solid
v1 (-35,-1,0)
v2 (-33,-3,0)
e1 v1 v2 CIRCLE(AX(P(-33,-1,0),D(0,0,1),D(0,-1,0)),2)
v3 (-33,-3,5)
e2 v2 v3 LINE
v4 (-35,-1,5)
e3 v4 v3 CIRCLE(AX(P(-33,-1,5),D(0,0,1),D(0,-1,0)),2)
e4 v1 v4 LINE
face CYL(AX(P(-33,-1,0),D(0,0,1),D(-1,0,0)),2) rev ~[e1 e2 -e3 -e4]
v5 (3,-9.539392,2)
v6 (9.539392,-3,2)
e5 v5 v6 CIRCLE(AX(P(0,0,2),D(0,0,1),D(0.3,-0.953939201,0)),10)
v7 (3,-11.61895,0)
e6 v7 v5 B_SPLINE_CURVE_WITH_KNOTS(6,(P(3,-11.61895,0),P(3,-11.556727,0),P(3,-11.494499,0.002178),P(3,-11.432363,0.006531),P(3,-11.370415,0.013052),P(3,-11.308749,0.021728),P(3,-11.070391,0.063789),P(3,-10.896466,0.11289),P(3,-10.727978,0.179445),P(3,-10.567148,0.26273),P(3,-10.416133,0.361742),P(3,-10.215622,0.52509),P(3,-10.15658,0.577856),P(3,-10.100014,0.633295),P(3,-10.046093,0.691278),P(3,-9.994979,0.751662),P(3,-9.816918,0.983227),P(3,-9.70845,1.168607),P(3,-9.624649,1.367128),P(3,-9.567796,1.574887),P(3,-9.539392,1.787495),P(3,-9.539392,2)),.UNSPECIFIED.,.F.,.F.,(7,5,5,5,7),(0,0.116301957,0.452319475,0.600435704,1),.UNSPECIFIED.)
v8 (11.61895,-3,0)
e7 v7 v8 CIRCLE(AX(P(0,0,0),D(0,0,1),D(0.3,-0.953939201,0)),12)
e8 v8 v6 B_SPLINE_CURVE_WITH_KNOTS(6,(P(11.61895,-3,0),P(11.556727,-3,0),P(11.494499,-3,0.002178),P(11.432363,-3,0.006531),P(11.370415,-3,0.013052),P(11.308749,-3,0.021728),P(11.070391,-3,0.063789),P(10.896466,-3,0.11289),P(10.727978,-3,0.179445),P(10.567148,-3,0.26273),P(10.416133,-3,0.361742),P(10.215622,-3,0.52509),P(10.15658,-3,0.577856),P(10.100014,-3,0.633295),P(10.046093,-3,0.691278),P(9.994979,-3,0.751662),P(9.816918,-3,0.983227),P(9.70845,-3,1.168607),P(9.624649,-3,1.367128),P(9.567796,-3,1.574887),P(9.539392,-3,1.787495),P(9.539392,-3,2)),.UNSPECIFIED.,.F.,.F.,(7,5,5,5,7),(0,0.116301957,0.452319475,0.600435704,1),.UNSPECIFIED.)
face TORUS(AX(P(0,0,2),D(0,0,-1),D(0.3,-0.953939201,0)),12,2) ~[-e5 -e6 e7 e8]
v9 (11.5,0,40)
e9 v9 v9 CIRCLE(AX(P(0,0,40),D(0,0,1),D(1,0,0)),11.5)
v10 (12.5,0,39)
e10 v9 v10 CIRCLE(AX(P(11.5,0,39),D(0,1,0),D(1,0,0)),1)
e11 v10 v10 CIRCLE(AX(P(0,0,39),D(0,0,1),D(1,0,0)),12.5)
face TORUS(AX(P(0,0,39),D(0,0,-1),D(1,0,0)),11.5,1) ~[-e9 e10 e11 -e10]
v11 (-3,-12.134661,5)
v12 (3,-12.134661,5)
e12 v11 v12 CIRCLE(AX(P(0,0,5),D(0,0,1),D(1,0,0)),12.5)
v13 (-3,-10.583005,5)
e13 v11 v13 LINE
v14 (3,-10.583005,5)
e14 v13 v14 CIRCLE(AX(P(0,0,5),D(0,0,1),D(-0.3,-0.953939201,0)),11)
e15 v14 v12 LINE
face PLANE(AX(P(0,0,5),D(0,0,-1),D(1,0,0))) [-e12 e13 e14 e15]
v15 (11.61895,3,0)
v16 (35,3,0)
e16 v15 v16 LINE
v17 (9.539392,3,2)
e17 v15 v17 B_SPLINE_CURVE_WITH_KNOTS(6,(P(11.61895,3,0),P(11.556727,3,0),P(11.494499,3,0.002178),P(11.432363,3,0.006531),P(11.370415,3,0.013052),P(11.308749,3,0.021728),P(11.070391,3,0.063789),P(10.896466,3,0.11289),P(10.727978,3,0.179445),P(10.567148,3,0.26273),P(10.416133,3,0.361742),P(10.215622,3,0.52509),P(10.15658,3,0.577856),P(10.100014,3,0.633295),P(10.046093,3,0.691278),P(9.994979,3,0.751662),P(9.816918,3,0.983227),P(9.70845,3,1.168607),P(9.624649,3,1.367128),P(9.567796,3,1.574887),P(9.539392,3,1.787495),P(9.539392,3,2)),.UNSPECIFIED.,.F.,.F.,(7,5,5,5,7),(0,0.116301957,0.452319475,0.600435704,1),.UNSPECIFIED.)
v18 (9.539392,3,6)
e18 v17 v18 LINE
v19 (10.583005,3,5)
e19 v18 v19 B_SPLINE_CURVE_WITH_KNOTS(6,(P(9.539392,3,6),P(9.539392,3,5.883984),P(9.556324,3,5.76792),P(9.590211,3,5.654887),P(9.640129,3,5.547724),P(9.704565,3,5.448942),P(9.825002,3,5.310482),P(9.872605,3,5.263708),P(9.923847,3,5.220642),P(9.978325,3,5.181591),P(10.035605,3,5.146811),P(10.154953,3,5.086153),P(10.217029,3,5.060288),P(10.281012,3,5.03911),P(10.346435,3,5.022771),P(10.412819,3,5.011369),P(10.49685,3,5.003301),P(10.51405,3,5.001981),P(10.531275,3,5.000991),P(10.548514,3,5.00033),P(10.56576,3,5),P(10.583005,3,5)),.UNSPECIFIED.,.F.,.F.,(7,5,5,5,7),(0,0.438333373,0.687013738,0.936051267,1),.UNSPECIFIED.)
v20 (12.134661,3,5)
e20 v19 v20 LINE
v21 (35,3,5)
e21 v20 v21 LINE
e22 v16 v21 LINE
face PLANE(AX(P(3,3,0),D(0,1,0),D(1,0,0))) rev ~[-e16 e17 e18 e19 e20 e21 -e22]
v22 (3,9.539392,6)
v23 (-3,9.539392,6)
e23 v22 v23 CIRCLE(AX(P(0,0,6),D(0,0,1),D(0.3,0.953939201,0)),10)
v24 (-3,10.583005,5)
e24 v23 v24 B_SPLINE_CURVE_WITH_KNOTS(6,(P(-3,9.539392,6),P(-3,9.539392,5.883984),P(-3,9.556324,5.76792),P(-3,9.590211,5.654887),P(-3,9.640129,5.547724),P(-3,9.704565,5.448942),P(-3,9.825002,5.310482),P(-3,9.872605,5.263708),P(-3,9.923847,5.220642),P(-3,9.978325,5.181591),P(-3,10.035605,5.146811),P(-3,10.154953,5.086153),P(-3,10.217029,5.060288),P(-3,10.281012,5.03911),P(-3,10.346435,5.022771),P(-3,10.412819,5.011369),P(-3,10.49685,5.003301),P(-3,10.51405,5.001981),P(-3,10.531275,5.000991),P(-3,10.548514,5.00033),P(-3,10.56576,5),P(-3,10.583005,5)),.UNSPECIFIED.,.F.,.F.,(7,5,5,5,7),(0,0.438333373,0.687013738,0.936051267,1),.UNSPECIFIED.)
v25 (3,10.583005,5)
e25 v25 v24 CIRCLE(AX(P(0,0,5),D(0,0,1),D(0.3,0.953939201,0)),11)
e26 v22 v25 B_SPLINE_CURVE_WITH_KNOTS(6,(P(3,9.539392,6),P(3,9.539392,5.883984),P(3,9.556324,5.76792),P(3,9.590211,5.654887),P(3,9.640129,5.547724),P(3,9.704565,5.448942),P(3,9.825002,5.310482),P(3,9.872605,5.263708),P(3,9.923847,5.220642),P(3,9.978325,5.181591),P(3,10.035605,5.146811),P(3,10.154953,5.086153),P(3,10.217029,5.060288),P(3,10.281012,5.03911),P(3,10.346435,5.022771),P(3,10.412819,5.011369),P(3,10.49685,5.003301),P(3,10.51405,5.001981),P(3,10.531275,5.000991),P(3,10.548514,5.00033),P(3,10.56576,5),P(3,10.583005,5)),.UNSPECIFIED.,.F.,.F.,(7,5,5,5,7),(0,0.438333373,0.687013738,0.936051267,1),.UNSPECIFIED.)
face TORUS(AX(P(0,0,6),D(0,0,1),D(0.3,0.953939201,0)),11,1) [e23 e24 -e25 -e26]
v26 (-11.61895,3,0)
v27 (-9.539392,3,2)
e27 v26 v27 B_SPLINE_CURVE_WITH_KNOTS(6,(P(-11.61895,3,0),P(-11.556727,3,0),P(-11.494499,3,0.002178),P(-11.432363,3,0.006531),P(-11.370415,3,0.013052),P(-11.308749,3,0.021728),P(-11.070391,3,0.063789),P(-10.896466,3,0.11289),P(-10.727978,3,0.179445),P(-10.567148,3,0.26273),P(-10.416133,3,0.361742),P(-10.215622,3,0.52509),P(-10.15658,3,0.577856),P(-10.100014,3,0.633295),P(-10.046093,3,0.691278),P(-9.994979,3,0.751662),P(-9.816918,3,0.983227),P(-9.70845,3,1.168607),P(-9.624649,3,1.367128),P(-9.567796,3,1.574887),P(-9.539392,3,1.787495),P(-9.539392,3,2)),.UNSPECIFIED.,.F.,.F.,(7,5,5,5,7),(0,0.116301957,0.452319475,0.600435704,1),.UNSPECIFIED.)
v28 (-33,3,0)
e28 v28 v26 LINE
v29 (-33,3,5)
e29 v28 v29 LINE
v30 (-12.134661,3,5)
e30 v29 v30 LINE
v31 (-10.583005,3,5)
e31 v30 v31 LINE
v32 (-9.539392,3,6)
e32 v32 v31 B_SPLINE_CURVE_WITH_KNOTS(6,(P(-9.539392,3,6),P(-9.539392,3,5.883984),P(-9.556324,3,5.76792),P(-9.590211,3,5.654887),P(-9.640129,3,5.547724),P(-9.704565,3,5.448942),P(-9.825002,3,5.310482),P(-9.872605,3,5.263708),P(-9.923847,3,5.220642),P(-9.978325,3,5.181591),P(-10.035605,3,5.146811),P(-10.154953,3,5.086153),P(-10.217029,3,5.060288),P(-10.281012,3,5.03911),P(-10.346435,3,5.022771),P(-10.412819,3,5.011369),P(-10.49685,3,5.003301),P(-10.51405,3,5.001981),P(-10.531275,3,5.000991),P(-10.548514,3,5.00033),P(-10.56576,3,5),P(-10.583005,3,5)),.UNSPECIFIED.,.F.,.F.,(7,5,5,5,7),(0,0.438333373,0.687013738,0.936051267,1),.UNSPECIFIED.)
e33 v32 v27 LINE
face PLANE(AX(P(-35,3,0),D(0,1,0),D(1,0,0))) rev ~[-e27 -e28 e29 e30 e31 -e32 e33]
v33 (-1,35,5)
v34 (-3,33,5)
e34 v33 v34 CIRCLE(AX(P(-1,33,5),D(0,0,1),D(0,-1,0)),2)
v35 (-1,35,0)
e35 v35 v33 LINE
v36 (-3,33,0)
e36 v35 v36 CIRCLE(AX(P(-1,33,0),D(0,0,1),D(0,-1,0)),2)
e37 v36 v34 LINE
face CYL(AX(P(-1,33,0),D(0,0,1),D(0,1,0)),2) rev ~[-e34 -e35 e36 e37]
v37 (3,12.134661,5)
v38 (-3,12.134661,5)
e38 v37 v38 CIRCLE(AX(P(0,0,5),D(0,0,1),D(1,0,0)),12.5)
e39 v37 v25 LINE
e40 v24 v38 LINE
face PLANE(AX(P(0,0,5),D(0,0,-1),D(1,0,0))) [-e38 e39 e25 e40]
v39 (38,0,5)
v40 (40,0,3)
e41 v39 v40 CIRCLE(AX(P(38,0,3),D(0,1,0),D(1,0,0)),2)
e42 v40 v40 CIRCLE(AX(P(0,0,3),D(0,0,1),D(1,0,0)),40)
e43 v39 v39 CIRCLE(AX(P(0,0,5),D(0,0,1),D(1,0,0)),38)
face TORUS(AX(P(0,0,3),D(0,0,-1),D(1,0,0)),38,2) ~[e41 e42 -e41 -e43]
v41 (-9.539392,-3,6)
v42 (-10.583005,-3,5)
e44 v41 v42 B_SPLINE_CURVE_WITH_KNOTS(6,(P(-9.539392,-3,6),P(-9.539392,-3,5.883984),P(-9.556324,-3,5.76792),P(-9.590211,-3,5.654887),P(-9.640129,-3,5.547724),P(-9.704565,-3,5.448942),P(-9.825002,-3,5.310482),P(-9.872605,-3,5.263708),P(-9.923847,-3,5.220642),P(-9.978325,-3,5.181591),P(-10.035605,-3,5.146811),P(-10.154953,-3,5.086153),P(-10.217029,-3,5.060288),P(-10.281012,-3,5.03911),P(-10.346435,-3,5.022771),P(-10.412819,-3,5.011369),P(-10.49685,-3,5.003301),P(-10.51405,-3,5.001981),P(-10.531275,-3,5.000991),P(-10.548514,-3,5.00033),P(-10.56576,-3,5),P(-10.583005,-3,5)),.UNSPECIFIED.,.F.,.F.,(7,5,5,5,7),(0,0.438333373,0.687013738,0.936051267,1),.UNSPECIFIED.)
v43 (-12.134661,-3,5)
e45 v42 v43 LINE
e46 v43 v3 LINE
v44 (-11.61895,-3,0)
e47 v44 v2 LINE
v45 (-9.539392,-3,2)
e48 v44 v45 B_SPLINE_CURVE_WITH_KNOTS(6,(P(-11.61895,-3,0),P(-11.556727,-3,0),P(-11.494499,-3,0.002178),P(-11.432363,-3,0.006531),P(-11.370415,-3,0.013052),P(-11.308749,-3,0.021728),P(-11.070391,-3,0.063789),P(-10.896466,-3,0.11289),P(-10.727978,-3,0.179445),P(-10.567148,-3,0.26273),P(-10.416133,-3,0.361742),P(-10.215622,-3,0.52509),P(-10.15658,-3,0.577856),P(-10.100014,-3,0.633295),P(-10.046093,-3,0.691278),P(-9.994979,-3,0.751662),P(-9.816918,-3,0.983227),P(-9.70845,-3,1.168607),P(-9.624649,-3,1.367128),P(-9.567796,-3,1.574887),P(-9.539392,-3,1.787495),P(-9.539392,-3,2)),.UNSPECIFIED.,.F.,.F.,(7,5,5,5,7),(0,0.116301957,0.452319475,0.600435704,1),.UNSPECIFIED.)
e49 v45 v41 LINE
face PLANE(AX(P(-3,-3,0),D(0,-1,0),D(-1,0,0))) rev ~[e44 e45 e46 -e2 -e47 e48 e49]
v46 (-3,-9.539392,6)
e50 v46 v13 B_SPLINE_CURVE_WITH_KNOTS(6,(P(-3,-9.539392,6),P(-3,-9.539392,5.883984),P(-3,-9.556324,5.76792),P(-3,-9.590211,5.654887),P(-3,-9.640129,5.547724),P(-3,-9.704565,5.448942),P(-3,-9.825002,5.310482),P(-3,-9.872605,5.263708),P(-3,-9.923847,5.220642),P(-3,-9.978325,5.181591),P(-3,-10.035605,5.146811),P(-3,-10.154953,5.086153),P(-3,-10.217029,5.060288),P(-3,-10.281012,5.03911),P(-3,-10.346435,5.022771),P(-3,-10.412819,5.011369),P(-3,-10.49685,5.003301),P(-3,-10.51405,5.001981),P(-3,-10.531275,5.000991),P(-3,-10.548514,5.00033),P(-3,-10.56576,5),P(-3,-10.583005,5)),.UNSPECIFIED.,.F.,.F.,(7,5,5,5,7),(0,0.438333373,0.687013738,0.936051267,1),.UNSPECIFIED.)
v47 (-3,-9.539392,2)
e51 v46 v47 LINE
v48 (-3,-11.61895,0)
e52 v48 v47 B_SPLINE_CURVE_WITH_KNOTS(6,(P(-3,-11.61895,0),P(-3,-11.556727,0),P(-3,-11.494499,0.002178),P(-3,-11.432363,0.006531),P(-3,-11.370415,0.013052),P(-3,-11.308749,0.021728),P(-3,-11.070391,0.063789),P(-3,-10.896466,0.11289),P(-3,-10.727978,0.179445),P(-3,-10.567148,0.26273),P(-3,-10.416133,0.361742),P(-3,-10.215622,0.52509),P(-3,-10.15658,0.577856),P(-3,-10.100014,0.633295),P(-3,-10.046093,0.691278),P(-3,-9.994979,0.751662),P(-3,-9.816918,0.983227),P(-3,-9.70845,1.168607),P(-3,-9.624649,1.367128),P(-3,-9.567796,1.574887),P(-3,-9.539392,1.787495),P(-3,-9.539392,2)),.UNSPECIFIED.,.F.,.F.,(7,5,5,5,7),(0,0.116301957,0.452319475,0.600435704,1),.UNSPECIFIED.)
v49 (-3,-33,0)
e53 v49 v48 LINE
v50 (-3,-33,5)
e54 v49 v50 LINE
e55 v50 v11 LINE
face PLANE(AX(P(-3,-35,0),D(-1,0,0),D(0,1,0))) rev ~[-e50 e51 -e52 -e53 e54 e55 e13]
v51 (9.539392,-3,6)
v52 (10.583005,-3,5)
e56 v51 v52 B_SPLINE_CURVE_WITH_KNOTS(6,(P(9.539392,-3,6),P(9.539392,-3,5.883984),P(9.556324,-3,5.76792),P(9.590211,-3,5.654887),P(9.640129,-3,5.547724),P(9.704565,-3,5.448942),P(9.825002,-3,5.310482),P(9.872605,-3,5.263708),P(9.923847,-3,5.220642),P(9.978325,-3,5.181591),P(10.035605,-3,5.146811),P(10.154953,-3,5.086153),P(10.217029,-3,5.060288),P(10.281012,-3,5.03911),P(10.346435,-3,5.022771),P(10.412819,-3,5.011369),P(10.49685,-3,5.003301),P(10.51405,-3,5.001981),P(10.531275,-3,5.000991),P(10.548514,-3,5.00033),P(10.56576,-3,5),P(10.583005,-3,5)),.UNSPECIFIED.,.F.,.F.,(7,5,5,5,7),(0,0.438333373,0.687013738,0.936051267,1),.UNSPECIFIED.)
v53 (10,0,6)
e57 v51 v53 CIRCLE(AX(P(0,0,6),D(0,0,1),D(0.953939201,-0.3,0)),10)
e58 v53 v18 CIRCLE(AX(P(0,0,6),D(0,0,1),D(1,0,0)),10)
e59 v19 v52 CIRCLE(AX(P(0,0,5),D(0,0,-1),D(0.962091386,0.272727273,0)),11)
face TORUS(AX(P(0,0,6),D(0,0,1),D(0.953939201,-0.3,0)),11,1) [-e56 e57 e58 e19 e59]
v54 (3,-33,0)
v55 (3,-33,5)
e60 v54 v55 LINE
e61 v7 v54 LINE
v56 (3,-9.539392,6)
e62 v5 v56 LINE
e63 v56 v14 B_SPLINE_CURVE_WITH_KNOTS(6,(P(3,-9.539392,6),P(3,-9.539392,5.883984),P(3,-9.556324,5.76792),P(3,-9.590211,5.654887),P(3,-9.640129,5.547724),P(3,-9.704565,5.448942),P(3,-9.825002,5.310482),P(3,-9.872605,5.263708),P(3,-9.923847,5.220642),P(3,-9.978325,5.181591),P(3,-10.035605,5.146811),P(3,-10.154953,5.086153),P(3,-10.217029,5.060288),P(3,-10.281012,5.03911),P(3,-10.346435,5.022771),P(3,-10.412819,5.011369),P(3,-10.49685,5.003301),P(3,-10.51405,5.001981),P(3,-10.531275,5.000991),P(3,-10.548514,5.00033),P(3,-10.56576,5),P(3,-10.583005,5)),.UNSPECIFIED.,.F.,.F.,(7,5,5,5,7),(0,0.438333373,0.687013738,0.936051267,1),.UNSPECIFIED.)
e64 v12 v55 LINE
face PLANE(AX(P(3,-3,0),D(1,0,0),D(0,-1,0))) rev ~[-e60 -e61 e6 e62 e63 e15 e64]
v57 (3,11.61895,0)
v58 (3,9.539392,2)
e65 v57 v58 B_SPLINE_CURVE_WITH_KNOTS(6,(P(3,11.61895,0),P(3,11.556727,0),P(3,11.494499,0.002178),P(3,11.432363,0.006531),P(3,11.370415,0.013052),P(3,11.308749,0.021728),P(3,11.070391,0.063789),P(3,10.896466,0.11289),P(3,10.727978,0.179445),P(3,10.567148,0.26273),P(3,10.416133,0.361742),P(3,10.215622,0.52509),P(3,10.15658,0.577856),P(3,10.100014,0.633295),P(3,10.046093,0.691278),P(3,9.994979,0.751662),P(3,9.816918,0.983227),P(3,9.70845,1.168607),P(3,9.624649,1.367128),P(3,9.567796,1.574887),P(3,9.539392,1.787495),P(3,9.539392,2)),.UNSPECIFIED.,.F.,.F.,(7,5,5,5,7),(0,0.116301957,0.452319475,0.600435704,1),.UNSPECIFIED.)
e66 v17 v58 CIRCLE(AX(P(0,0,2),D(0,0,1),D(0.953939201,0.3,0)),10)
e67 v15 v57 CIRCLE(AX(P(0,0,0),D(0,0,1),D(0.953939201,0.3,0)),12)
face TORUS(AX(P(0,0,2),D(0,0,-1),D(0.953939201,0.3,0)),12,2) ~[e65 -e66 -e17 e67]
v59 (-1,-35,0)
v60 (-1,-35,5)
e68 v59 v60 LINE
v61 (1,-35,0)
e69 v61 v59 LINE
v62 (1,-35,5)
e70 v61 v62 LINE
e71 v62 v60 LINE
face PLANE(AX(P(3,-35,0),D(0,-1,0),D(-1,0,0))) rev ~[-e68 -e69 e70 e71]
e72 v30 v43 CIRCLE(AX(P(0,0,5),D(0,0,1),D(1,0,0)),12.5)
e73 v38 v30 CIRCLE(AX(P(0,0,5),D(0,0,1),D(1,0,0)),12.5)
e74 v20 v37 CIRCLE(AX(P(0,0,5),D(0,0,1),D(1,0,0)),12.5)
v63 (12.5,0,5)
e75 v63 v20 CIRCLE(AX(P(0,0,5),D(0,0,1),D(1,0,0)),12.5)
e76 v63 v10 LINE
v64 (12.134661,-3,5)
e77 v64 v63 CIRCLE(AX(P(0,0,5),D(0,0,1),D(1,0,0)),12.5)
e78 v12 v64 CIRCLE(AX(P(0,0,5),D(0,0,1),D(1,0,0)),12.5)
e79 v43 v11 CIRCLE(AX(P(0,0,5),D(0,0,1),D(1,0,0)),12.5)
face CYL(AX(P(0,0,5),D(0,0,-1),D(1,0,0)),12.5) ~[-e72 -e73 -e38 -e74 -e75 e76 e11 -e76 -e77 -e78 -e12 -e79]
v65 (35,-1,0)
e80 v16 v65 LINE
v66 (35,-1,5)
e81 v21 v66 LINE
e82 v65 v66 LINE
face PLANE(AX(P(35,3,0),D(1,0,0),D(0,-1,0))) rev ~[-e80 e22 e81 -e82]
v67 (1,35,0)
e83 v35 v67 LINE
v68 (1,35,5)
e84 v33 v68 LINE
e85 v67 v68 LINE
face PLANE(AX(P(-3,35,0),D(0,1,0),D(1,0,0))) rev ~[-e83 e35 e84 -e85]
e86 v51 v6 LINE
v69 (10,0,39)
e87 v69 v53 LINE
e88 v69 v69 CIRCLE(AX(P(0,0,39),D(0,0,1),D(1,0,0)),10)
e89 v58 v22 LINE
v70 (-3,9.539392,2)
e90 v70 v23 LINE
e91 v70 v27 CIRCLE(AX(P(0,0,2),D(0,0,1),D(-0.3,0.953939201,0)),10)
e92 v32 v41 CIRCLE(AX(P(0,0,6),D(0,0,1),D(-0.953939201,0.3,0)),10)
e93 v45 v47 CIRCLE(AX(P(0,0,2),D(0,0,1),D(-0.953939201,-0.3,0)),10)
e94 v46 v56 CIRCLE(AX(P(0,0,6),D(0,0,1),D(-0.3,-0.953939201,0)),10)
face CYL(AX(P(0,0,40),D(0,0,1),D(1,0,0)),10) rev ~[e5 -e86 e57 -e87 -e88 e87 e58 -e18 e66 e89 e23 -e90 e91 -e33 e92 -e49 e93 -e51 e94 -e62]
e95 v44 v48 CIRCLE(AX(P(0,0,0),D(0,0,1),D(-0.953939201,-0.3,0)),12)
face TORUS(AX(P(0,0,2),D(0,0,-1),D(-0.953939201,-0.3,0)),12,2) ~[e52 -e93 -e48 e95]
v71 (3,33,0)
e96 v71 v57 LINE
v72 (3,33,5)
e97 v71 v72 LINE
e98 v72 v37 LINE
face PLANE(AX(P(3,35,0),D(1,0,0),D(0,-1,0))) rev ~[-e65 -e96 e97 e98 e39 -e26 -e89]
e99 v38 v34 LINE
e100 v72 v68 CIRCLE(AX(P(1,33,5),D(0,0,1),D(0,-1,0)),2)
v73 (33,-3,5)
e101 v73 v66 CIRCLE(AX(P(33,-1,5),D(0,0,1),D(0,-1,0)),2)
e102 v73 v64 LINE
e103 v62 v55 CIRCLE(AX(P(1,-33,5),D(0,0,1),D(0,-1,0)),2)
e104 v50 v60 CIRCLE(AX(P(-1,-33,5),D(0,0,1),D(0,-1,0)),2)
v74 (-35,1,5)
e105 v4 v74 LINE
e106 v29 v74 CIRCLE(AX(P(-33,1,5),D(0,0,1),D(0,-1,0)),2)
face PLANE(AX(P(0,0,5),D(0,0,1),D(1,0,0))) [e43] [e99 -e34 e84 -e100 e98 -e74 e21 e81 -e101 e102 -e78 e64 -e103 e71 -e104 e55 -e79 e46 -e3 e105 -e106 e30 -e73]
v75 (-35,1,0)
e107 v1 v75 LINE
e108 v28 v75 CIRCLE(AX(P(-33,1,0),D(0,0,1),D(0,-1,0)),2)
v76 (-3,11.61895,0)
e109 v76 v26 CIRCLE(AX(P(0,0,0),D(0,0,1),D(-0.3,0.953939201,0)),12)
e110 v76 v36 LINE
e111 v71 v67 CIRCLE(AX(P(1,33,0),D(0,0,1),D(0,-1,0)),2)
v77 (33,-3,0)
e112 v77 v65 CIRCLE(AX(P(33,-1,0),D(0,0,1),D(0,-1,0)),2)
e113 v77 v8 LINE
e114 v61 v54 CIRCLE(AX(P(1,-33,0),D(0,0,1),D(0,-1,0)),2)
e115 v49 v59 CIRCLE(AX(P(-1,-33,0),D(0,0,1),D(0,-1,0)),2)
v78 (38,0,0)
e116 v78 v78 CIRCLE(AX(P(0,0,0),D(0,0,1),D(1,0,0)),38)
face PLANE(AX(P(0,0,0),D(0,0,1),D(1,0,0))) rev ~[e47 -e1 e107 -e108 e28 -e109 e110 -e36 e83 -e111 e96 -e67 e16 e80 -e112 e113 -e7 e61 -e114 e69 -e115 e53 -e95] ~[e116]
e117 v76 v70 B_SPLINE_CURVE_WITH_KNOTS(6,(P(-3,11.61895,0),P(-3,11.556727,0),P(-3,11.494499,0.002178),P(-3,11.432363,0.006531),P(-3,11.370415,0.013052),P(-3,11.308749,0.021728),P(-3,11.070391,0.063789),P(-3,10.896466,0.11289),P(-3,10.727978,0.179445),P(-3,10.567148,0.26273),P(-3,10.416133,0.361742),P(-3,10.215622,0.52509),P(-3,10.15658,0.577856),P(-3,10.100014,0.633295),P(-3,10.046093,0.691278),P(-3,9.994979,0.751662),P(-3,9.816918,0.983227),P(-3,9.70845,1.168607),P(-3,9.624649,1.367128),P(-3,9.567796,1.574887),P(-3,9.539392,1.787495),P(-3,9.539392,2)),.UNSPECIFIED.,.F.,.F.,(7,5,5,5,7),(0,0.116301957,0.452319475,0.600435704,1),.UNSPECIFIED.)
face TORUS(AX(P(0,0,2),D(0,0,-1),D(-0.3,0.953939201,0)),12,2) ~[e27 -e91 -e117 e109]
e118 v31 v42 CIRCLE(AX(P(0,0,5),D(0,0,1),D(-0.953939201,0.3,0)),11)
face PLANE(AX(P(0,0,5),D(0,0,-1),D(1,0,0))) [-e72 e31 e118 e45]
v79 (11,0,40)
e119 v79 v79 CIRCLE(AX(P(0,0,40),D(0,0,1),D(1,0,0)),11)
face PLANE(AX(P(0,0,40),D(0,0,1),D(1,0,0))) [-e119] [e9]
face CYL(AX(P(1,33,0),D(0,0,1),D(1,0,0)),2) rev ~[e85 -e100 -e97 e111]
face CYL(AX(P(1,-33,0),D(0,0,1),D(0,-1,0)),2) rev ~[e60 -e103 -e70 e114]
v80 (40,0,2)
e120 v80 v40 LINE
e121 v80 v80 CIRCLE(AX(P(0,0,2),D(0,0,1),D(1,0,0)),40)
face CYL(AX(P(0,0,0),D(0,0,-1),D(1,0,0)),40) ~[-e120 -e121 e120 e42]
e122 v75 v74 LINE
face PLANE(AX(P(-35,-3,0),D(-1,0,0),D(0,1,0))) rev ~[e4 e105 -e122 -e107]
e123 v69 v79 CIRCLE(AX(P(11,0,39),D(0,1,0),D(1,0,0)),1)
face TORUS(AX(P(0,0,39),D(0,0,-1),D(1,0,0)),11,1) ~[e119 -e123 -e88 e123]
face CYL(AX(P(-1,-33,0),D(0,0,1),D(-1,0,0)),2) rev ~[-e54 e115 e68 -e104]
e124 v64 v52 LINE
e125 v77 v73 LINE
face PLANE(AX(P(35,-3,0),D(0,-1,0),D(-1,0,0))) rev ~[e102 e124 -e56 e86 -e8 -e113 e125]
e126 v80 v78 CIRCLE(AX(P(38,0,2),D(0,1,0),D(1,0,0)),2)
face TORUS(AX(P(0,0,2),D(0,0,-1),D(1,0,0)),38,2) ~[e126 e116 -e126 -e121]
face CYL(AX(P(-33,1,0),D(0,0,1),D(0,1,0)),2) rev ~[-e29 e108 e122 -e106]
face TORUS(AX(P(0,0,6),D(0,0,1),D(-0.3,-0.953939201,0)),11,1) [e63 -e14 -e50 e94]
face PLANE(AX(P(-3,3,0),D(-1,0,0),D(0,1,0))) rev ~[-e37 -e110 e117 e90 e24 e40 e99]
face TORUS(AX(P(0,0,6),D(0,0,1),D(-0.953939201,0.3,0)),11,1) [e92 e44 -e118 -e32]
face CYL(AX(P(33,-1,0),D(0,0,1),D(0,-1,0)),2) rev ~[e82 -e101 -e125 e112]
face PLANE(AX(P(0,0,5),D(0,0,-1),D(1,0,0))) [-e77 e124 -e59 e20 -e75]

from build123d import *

# Parameters (mm, degrees)
SKETCH_R        = 40
PAD_DEPTH       = 5
SKETCH001_R     = 12.5
PAD001_DEPTH    = 35
SKETCH002_R     = 10
POCKET_DEPTH    = 40.001
POCKET001_DEPTH = 5
FILLET_R        = 2
FILLET001_R     = 2
FILLET002_R     = 1
FILLET003_R     = 2


with BuildPart() as part:
    # Sketch → Pad (new body)
    with BuildSketch(Plane.XY):
        Circle(SKETCH_R)
    extrude(amount=PAD_DEPTH)

    # Sketch001 (on Face3 of Pad) → Pad001 (join)
    with BuildSketch(Plane.XY.offset(5)):
        Circle(SKETCH001_R)
    extrude(amount=PAD001_DEPTH)

    # Sketch002 (on Face5 of Pad001) → Pocket (cut, through all)
    with BuildSketch(Plane.XY.offset(40)):
        Circle(SKETCH002_R)
    extrude(amount=-POCKET_DEPTH, mode=Mode.SUBTRACT)

    # Sketch003 (on Face2 of Pocket) → Pocket001 (cut)
    with BuildSketch(Plane(origin=(0, 0, 0), x_dir=(1, 0, 0), z_dir=(0, 0, -1))):
        Polygon((-3, 35), (-3, 3), (-35, 3), (-35, -3), (-3, -3), (-3, -35), (3, -35), (3, -3), (35, -3), (35, 3), (3, 3), (3, 35), align=None)
    extrude(amount=-POCKET001_DEPTH, mode=Mode.SUBTRACT)

    # Fillet
    fillet_edges = [part.edges().sort_by_distance(p)[0] for p in [
        (-3, -35, 2.5),
        (3, -35, 2.5),
        (35, -3, 2.5),
        (-35, -3, 2.5),
        (-35, 3, 2.5),
        (-3, 35, 2.5),
        (3, 35, 2.5),
    ]]
    fillet(fillet_edges, radius=FILLET_R)

    # Fillet001
    fillet001_edges = [part.edges().sort_by_distance(p)[0] for p in [
        (7.071068, -7.071068, 0),
        (7.071068, 7.071068, 0),
        (-7.071068, 7.071068, 0),
        (-7.071068, -7.071068, 0),
    ]]
    fillet(fillet001_edges, radius=FILLET001_R)

    # Fillet002
    fillet002_edges = [part.edges().sort_by_distance(p)[0] for p in [
        (-12.5, 0, 40),
        (-10, 0, 40),
        (0, -10, 5),
        (9.884177, -1.517577, 5),
        (0, 10, 5),
        (-10, 0, 5),
    ]]
    fillet(fillet002_edges, radius=FILLET002_R)

    # Fillet003
    fillet003_edges = [part.edges().sort_by_distance(p)[0] for p in [
        (-40, 0, 5),
        (-40, 0, 0),
    ]]
    fillet(fillet003_edges, radius=FILLET003_R)


solid = part.part
